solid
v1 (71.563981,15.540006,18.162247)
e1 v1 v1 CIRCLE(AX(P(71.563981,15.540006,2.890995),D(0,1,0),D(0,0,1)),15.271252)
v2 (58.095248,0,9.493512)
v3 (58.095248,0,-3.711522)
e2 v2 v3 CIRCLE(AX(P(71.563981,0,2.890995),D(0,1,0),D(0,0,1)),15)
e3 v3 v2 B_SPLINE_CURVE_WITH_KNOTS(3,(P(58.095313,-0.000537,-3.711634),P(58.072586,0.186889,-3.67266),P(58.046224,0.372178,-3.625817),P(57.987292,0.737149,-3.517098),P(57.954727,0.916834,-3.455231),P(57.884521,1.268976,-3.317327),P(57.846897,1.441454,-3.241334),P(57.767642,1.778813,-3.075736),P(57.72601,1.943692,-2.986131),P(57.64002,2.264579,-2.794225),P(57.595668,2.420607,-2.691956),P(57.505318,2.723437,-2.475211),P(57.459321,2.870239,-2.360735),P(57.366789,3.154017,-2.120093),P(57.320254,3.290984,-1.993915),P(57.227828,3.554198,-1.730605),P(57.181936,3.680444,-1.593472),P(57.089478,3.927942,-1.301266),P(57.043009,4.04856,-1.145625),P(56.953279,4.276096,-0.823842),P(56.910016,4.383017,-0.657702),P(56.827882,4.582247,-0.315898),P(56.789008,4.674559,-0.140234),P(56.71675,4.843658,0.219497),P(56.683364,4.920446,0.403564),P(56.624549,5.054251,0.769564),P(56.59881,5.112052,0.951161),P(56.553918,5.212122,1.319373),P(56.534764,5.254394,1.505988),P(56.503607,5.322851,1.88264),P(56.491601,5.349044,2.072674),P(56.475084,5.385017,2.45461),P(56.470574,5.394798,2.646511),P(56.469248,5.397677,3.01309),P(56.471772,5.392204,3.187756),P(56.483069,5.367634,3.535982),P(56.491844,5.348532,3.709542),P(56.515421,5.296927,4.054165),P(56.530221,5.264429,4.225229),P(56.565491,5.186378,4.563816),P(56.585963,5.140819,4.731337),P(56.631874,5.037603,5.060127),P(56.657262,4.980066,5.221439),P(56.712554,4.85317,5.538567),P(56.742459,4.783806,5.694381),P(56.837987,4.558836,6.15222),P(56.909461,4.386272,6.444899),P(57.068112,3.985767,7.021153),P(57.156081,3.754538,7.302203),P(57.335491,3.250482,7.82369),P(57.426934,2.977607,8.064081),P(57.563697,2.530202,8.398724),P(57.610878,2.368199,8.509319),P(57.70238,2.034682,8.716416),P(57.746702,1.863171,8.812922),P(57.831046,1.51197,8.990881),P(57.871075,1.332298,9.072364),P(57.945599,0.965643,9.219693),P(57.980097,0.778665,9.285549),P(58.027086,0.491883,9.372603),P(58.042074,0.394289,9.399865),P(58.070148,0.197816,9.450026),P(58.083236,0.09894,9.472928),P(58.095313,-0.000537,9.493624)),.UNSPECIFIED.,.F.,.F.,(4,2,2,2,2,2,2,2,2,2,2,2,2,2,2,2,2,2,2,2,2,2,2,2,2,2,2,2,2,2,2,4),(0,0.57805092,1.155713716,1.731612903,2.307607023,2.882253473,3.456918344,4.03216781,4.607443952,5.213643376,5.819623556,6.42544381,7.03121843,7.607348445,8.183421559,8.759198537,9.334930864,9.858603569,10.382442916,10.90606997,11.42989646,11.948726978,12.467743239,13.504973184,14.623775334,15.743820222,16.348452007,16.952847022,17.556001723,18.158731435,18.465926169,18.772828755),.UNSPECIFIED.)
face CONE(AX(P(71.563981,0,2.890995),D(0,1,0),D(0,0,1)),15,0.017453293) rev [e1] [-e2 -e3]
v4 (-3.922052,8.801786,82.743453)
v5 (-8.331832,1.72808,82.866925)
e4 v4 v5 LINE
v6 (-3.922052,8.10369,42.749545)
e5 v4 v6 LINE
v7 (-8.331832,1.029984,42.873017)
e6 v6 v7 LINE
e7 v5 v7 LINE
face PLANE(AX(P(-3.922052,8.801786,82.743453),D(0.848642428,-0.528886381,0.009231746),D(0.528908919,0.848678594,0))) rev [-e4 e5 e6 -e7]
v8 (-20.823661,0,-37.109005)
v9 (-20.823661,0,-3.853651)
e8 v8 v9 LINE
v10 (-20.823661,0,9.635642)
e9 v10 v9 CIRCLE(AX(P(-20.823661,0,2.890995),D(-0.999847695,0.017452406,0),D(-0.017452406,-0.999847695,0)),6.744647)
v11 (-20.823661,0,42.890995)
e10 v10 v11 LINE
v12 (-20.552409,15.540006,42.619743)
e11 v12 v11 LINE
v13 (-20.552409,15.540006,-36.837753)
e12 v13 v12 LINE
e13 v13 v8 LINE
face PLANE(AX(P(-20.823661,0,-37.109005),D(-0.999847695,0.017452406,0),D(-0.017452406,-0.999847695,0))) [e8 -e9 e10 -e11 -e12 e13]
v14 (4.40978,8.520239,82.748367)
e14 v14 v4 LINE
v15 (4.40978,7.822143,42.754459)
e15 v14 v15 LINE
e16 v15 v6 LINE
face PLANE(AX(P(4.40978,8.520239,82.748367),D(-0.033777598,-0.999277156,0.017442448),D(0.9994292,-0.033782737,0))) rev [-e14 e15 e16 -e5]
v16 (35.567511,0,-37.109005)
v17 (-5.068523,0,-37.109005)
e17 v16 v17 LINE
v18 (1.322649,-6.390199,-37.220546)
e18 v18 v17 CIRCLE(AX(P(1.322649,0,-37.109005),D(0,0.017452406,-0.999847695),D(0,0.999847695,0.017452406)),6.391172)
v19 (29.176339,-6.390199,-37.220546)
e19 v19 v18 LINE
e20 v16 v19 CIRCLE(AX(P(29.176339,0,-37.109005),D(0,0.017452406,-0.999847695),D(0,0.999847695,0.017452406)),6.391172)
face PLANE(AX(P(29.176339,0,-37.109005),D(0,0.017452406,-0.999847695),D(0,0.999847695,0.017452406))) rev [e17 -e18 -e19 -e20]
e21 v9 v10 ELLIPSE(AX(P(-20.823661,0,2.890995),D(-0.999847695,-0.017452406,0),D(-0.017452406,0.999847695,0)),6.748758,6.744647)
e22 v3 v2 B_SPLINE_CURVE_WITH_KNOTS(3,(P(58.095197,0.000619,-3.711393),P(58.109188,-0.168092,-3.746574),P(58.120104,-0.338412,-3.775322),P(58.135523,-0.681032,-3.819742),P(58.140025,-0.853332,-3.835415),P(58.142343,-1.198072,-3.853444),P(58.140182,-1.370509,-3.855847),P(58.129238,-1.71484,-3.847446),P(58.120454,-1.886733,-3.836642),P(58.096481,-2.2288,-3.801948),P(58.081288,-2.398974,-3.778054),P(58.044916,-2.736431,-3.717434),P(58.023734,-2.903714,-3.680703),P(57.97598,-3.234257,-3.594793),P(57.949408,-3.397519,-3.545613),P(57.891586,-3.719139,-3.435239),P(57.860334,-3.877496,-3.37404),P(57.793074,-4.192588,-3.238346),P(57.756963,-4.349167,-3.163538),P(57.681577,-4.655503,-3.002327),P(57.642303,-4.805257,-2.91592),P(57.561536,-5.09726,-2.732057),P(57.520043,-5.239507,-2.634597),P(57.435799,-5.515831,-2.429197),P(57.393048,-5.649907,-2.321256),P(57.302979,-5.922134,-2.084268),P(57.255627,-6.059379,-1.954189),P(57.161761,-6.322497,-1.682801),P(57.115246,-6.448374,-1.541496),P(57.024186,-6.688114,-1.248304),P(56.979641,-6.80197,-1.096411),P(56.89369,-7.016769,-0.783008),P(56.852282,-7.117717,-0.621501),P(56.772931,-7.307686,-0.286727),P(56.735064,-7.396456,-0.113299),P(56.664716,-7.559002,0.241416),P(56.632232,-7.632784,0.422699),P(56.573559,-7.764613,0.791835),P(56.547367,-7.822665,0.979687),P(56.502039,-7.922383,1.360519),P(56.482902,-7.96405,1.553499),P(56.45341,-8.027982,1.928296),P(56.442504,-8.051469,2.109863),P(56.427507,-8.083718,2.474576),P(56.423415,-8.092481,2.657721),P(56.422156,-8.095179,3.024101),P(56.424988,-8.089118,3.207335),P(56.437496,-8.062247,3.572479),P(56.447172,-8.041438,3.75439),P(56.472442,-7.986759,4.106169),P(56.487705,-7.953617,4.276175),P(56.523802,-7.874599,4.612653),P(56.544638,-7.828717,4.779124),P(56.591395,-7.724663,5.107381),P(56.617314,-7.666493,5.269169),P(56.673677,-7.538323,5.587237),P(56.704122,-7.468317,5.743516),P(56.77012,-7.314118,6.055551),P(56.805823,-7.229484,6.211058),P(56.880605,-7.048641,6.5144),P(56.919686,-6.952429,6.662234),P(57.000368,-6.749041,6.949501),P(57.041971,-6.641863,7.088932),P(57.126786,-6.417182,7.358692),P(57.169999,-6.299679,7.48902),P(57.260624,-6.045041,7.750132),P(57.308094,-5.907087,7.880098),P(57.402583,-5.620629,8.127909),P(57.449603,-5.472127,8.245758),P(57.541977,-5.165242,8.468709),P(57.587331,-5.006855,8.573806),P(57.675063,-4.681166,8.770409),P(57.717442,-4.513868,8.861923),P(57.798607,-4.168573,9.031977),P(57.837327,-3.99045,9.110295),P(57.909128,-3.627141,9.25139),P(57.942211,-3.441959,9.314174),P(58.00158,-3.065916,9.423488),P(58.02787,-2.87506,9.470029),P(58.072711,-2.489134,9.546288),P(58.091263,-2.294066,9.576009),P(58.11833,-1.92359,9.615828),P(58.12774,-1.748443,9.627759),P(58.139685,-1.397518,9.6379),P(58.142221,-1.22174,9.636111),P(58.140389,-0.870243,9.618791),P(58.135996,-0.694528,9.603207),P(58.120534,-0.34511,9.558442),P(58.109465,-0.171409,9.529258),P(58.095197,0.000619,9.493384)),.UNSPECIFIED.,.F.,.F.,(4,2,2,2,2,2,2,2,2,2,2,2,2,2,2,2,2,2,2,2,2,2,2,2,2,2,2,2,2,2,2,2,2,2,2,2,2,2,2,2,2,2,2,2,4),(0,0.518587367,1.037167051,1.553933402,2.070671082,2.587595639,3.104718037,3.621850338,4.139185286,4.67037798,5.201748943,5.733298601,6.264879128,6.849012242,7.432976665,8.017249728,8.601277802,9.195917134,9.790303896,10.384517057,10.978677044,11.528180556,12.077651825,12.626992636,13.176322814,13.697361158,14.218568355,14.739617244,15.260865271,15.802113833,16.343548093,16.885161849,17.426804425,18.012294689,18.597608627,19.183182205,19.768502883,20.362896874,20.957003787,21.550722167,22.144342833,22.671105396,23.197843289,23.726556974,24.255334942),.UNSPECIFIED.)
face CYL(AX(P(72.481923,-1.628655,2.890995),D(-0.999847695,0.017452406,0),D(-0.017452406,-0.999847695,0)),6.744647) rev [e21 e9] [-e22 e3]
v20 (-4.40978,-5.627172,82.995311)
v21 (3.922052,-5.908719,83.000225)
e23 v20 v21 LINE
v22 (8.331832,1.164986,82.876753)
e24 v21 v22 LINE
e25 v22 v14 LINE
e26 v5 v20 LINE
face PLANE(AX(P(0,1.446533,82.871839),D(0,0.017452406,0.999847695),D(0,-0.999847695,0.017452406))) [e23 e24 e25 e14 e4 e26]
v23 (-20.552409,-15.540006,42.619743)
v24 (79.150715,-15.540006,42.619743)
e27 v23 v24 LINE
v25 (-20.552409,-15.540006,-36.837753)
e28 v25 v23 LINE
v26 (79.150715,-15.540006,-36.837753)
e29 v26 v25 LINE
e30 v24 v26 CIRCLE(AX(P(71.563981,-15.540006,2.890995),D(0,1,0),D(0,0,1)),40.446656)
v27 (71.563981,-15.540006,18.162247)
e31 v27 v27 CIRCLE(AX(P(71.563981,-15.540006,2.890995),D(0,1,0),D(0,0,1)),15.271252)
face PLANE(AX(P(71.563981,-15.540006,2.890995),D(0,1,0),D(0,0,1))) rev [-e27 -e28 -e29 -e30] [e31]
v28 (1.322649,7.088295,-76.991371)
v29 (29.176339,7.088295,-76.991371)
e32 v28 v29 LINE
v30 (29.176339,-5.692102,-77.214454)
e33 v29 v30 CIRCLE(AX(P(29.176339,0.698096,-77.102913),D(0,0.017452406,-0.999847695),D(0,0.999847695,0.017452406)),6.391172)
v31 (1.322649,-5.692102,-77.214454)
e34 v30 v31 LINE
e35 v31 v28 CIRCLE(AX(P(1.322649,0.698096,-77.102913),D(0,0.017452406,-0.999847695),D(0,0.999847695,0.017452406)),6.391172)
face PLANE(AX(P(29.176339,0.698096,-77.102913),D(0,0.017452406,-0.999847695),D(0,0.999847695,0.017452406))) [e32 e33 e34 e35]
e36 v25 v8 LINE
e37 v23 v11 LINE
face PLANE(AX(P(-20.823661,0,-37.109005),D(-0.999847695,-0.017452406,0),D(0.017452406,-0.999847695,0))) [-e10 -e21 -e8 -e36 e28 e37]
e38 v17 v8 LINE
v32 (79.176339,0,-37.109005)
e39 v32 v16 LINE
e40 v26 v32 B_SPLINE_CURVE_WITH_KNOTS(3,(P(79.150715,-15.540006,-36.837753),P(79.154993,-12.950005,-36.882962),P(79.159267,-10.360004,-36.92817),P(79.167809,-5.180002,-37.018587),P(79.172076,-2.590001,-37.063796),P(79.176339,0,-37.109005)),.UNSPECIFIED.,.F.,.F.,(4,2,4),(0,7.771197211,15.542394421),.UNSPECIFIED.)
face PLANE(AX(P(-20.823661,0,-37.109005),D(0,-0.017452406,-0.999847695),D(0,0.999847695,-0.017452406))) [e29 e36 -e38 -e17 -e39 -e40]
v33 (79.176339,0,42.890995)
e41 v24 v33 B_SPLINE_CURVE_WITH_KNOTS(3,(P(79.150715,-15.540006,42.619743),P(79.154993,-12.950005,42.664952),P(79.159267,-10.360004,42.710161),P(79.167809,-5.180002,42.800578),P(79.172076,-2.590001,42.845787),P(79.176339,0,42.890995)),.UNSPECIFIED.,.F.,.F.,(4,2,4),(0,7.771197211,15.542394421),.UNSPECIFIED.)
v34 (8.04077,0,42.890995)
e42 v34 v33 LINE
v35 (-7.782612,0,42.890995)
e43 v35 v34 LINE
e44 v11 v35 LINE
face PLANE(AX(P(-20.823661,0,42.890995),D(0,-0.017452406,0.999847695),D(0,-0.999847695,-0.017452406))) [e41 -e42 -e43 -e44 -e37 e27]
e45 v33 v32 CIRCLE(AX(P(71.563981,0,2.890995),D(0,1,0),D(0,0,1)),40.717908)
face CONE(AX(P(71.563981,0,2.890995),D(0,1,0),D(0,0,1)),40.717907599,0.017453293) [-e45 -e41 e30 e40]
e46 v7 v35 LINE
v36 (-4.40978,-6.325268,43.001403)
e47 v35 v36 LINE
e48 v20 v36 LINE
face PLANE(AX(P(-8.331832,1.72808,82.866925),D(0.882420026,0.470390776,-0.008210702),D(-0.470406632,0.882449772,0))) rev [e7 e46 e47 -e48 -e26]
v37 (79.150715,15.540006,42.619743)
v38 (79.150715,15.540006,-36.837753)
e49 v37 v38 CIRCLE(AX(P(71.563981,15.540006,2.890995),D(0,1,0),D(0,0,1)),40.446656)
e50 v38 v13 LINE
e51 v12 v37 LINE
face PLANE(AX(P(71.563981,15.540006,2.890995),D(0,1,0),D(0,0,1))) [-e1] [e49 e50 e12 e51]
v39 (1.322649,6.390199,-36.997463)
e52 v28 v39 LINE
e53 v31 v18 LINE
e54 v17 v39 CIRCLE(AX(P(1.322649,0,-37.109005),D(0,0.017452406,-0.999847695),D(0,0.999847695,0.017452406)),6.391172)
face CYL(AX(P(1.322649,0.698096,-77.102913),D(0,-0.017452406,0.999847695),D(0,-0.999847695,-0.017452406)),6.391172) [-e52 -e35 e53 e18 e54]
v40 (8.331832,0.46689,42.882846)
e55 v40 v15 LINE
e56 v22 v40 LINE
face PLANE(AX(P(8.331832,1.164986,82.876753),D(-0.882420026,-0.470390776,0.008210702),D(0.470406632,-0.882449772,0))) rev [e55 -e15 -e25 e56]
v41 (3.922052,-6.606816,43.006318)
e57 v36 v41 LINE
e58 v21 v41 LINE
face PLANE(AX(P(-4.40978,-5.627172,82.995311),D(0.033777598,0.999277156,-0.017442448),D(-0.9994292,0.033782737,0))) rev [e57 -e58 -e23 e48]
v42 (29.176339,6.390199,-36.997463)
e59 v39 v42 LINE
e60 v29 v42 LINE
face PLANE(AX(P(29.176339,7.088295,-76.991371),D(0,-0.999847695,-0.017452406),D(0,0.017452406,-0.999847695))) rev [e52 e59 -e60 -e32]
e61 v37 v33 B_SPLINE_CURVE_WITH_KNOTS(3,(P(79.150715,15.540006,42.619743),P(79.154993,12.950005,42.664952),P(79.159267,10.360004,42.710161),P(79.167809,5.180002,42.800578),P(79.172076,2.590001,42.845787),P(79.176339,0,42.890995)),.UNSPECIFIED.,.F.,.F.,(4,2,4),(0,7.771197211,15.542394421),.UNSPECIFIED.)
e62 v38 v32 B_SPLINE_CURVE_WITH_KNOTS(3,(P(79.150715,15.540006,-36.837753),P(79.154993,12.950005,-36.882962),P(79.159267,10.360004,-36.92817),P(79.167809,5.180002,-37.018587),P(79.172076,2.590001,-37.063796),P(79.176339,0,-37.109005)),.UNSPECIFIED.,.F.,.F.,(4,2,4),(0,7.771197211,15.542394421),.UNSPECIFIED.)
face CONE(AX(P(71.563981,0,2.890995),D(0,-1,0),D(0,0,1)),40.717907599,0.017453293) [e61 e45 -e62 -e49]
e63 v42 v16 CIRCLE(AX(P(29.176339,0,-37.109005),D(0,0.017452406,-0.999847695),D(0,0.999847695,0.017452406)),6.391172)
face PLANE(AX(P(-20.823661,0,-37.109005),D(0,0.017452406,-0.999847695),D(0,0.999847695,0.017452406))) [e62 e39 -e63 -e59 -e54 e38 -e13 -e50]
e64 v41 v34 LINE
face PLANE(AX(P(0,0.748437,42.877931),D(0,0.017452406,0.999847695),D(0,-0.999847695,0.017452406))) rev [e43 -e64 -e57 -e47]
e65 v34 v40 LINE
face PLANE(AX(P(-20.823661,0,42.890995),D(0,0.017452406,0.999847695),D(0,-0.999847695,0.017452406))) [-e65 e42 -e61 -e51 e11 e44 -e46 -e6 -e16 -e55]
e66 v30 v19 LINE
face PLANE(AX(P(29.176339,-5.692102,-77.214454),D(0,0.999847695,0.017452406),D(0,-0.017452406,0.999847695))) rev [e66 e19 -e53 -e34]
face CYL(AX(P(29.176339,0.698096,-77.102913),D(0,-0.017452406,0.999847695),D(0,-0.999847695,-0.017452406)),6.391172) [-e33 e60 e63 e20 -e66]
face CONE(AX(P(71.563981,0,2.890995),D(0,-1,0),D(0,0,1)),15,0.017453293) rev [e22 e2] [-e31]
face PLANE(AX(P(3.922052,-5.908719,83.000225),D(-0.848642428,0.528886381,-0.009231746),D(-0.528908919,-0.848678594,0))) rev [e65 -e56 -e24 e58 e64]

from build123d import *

# Parameters (mm, degrees)
SKETCH1_R                     = 15
BOSS_EXTRUDE1_DEPTH           = 15.54000612
BOSS_EXTRUDE1_DRAFT           = 1
BOSS_EXTRUDE1_OTHER_WAY_DEPTH = 15.54000612
BOSS_EXTRUDE1_OTHER_WAY_DRAFT = -1
SKETCH4_R                     = 6.744646555
CUT_EXTRUDE3_DEPTH            = 93.319796338
BOSS_EXTRUDE4_DEPTH           = 40
BOSS_EXTRUDE5_DEPTH           = 40


with BuildPart() as part:
    # Sketch1 → Boss-Extrude1 (with draft: the straight prism first)
    with BuildSketch(Plane(origin=(0, 0, 0), x_dir=(1, 0, 0), z_dir=(0, 1, 0))):
        with BuildLine():
            Line((-20.823660635, 37.109004739), (-20.823660635, -42.890995261))
            Line((-20.823660635, -42.890995261), (79.176339365, -42.890995261))
            ThreePointArc((79.176339365, -42.890995261), (112.281888642, -2.890995261), (79.176339365, 37.109004739))
            Line((79.176339365, 37.109004739), (-20.823660635, 37.109004739))
        make_face()
        with Locations((71.563981043, -2.890995261)):
            Circle(SKETCH1_R, mode=Mode.SUBTRACT)
    extrude(amount=BOSS_EXTRUDE1_DEPTH)
    # Boss-Extrude1: the draft: its side faces are tilted about the plane it starts from
    boss_extrude1_sides = [part.faces().sort_by_distance(p)[0] for p in [
        (29.176339365, 7.77000306, -37.109004739),
        (-20.823660635, 7.77000306, 2.890995261),
        (29.176339365, 7.77000306, 42.890995261),
        (112.281888642, 7.77000306, 2.890995261),
        (56.563981043, 7.77000306, 2.890995261),
    ]]
    draft(boss_extrude1_sides, Plane(origin=(0, 0, 0), x_dir=(1, 0, 0), z_dir=(0, 1, 0)), BOSS_EXTRUDE1_DRAFT)


with BuildPart() as boss_extrude1_other_way_tool:
    # Sketch1 → Boss-Extrude1 other way (with draft: the straight prism first)
    with BuildSketch(Plane(origin=(0, 0, 0), x_dir=(1, 0, 0), z_dir=(0, 1, 0))):
        with BuildLine():
            Line((-20.823660635, 37.109004739), (-20.823660635, -42.890995261))
            Line((-20.823660635, -42.890995261), (79.176339365, -42.890995261))
            ThreePointArc((79.176339365, -42.890995261), (112.281888642, -2.890995261), (79.176339365, 37.109004739))
            Line((79.176339365, 37.109004739), (-20.823660635, 37.109004739))
        make_face()
        with Locations((71.563981043, -2.890995261)):
            Circle(SKETCH1_R, mode=Mode.SUBTRACT)
    extrude(amount=-BOSS_EXTRUDE1_OTHER_WAY_DEPTH)
    # Boss-Extrude1 other way: the draft: its side faces are tilted about the plane it starts from
    boss_extrude1_other_way_sides = [boss_extrude1_other_way_tool.faces().sort_by_distance(p)[0] for p in [
        (29.176339365, -7.77000306, -37.109004739),
        (-20.823660635, -7.77000306, 2.890995261),
        (29.176339365, -7.77000306, 42.890995261),
        (112.281888642, -7.77000306, 2.890995261),
        (56.563981043, -7.77000306, 2.890995261),
    ]]
    draft(boss_extrude1_other_way_sides, Plane(origin=(0, 0, 0), x_dir=(1, 0, 0), z_dir=(0, 1, 0)), BOSS_EXTRUDE1_OTHER_WAY_DRAFT)


with BuildPart() as part_1:
    add(part.part)

    # Boss-Extrude1 other way: add boss_extrude1_other_way_tool
    add(boss_extrude1_other_way_tool.part)

    # Sketch4 → Cut-Extrude3 (cut)
    with BuildSketch(Plane(origin=(-20.817318029, 0.363367638, 0), x_dir=(0, 0, 1), z_dir=(-0.9998476951563913, 0.01745240643728355, 0))):
        with Locations((2.890995261, -0.363422989)):
            Circle(SKETCH4_R)
    extrude(amount=-CUT_EXTRUDE3_DEPTH, mode=Mode.SUBTRACT)

    # Sketch5 → Boss-Extrude4 (add)
    with BuildSketch(Plane(origin=(0, 0.647542794, -37.097701838), x_dir=(-1, 0, 0), z_dir=(0, 0.01745240643728355, -0.9998476951563913))):
        with BuildLine():
            Line((-29.176339365, 5.74353059), (-1.322649043, 5.74353059))
            ThreePointArc((-1.322649043, 5.74353059), (5.06852298, -0.647641433), (-1.322649043, -7.038813456))
            Line((-1.322649043, -7.038813456), (-29.176339365, -7.038813456))
            ThreePointArc((-29.176339365, -7.038813456), (-35.567511388, -0.647641433), (-29.176339365, 5.74353059))
        make_face()
    extrude(amount=BOSS_EXTRUDE4_DEPTH)

    # Sketch6 → Boss-Extrude5 (add)
    with BuildSketch(Plane(origin=(0, 0.748437074, 42.877931243), x_dir=(1, 0, 0), z_dir=(0, 0.017452406437283557, 0.9998476951563913))):
        Polygon((3.92205187, -7.356373004), (8.331831836, -0.281589948), (4.409779966, 7.074783056), (-3.92205187, 7.356373004), (-8.331831836, 0.281589948), (-4.409779966, -7.074783056), align=None)
    extrude(amount=BOSS_EXTRUDE5_DEPTH)


solid = part_1.part
